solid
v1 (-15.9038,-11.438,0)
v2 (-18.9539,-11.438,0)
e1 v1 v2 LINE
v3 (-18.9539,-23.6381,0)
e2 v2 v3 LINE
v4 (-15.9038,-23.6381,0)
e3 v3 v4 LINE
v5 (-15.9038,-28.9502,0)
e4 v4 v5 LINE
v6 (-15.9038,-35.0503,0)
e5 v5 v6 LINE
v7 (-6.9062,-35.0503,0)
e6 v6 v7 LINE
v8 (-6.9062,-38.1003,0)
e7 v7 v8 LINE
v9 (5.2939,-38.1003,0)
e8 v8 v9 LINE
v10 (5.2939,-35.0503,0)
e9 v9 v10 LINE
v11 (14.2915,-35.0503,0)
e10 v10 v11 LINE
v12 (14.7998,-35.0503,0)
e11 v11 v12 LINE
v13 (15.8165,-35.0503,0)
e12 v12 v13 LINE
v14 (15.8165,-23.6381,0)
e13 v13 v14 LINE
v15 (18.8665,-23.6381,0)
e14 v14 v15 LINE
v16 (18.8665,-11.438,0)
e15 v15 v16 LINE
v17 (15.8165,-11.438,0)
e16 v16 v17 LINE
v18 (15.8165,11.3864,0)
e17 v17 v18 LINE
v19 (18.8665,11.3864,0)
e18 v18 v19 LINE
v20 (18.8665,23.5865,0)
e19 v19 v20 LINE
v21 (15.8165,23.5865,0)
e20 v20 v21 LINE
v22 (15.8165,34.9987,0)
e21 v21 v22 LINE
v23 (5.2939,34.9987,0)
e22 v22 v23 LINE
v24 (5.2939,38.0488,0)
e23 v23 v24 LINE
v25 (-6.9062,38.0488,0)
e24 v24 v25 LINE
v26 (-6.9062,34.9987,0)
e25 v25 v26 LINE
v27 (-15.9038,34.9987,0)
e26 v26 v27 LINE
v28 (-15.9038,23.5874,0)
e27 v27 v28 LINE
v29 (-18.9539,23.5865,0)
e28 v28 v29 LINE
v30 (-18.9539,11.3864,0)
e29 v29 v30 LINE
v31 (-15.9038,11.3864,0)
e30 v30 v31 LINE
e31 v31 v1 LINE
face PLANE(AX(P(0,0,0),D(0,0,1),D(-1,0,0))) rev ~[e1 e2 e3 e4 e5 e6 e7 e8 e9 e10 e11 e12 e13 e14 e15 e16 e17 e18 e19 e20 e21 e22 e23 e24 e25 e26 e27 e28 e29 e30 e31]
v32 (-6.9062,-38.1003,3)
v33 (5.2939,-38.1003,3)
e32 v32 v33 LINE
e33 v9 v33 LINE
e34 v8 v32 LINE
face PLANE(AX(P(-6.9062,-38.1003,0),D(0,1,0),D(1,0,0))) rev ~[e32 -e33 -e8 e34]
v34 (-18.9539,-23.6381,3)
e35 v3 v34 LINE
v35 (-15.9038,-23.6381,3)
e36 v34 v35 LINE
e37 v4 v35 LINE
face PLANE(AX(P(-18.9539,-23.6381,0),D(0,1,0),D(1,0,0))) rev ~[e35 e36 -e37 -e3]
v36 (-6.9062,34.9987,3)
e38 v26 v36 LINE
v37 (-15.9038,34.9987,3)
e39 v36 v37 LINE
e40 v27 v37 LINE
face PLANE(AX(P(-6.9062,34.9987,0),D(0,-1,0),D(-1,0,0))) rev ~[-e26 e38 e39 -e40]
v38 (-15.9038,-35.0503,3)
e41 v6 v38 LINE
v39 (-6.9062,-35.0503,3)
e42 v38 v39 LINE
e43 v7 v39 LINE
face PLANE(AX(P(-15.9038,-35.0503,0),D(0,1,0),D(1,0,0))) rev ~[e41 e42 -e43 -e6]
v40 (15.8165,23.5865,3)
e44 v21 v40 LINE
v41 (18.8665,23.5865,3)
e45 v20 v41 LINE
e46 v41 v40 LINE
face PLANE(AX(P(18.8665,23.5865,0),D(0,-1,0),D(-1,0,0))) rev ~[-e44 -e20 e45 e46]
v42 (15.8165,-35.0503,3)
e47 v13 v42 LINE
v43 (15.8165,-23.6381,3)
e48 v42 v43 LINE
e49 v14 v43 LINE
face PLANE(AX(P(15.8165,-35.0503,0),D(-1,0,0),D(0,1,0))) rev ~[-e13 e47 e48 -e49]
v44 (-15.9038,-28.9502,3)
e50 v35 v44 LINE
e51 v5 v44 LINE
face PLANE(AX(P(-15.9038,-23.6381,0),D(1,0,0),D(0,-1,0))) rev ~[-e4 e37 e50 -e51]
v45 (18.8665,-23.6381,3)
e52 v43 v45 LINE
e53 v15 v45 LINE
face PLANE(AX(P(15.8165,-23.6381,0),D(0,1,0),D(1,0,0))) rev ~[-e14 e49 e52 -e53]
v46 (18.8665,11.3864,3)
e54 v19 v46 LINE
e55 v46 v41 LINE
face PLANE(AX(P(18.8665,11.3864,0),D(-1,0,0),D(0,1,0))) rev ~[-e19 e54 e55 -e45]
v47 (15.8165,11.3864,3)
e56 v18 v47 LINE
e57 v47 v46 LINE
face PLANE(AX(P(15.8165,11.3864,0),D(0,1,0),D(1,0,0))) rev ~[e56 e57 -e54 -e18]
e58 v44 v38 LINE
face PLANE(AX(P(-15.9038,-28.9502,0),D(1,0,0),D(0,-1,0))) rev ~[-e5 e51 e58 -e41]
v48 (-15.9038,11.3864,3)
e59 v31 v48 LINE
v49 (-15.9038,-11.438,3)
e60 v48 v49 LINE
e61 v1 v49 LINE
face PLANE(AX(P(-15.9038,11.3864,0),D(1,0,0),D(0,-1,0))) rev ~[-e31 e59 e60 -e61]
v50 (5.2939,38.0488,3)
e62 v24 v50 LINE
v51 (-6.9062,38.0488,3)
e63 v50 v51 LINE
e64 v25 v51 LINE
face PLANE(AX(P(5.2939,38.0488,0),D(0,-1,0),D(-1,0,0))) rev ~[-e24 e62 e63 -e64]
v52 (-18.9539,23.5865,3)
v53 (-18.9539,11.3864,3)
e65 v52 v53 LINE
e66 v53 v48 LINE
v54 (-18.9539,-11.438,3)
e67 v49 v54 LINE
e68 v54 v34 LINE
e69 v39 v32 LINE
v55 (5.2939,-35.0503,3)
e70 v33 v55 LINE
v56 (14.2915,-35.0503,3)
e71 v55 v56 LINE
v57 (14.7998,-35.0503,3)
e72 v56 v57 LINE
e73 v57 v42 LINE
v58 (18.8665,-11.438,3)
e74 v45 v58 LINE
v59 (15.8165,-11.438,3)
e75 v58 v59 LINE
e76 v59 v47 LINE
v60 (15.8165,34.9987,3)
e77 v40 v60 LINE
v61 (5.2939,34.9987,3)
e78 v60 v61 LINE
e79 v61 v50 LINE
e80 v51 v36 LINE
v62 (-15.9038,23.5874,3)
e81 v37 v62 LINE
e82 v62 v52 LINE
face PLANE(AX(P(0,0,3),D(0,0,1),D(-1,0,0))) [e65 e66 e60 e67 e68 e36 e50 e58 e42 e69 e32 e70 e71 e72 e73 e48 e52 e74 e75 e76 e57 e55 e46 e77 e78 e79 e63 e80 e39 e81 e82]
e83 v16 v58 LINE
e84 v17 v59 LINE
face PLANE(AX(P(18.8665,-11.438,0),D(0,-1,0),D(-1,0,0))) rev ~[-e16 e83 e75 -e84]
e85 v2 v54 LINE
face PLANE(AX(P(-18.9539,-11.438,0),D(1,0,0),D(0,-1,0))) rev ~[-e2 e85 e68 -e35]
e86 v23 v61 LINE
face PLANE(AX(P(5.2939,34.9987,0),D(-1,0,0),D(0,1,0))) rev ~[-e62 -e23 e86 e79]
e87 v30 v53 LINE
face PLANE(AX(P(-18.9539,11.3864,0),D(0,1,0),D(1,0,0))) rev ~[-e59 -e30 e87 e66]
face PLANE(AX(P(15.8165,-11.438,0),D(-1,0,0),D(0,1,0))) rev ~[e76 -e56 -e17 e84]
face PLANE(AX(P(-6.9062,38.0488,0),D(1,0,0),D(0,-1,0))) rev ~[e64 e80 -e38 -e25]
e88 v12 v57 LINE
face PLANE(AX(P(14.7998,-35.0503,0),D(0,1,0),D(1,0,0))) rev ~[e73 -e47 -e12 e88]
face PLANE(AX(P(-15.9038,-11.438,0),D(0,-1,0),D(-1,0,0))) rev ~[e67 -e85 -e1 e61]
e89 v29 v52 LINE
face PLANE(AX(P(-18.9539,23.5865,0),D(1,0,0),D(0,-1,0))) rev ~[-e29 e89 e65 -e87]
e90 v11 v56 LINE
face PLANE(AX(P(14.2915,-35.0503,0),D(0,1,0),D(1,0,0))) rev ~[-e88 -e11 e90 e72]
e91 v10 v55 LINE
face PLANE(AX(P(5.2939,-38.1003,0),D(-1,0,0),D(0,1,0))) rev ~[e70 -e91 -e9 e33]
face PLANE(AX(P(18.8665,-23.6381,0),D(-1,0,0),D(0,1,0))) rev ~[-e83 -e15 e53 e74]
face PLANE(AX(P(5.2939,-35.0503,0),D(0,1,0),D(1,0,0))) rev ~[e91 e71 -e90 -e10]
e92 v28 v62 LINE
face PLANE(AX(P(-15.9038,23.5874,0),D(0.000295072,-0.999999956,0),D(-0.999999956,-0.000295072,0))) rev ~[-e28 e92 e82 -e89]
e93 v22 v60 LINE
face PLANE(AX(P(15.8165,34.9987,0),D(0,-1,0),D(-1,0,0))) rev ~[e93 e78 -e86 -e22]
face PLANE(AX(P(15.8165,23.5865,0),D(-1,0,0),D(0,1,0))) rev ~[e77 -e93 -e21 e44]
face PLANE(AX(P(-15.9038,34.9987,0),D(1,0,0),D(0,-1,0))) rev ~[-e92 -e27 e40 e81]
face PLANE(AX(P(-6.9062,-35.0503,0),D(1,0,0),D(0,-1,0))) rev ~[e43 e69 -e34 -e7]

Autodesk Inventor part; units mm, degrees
ref_plane "YZ Plane" through (0, 0, 0) normal (1, 0, 0) x (0, 1, 0)
ref_plane "XZ Plane" through (0, 0, 0) normal (0, 1, 0) x (-1, 0, 0)
ref_plane "XY Plane" through (0, 0, 0) normal (0, 0, 1) x (1, 0, 0)
sketch "Boceto1" plane through (0, 0, 0) normal (0, 0, 1) x (-1, 0, 0)
  line L0 (-15.8165, -11.3864) -> (-18.8665, -11.3864)
  line L1 (-18.8665, -11.3864) -> (-18.8665, -23.5865)
  line L2 (-18.8665, -23.5865) -> (-15.8165, -23.5865)
  line L3 (-15.8165, -23.5865) -> (-15.8165, -34.9987)
  line L4 (-15.8165, -34.9987) -> (-5.2939, -34.9987)
  line L5 (-5.2939, -34.9987) -> (-5.2939, -38.0488)
  line L6 (-5.2939, -38.0488) -> (6.9062, -38.0488)
  line L7 (6.9062, -38.0488) -> (6.9062, -34.9987)
  line L8 (6.9062, -34.9987) -> (15.9038, -34.9987)
  line L9 (15.9038, -34.9987) -> (15.9038, -23.5874)
  line L10 (15.9038, -23.5874) -> (18.9539, -23.5865)
  line L11 (18.9539, -23.5865) -> (18.9539, -11.3864)
  line L12 (18.9539, -11.3864) -> (15.9038, -11.3864)
  line L13 (15.9038, -11.3864) -> (15.9038, 11.438)
  line L14 (15.9038, 11.438) -> (18.9539, 11.438)
  line L15 (18.9539, 11.438) -> (18.9539, 23.6381)
  line L16 (18.9539, 23.6381) -> (15.9038, 23.6381)
  line L17 (15.9038, 23.6381) -> (15.9038, 28.9502)
  line L18 (15.9038, 28.9502) -> (15.9038, 35.0503)
  line L19 (15.9038, 35.0503) -> (6.9062, 35.0503)
  line L20 (6.9062, 35.0503) -> (6.9062, 38.1003)
  line L21 (6.9062, 38.1003) -> (-5.2939, 38.1003)
  line L22 (-5.2939, 38.1003) -> (-5.2939, 35.0503)
  line L23 (-5.2939, 35.0503) -> (-14.2915, 35.0503)
  line L24 (-14.2915, 35.0503) -> (-14.7998, 35.0503)
  line L25 (-14.7998, 35.0503) -> (-15.8165, 35.0503)
  line L26 (-15.8165, 35.0503) -> (-15.8165, 23.6381)
  line L27 (-15.8165, 23.6381) -> (-18.8665, 23.6381)
  line L28 (-18.8665, 23.6381) -> (-18.8665, 11.438)
  line L29 (-18.8665, 11.438) -> (-15.8165, 11.438)
  line L30 (-15.8165, 11.438) -> (-15.8165, -11.3864)
  dimension "d2" = 76.149
  dimension "d3" = 37.82
extrude "Extrusión1" add sketch "Boceto1" along normal blind 3
properties part number "costat2"
